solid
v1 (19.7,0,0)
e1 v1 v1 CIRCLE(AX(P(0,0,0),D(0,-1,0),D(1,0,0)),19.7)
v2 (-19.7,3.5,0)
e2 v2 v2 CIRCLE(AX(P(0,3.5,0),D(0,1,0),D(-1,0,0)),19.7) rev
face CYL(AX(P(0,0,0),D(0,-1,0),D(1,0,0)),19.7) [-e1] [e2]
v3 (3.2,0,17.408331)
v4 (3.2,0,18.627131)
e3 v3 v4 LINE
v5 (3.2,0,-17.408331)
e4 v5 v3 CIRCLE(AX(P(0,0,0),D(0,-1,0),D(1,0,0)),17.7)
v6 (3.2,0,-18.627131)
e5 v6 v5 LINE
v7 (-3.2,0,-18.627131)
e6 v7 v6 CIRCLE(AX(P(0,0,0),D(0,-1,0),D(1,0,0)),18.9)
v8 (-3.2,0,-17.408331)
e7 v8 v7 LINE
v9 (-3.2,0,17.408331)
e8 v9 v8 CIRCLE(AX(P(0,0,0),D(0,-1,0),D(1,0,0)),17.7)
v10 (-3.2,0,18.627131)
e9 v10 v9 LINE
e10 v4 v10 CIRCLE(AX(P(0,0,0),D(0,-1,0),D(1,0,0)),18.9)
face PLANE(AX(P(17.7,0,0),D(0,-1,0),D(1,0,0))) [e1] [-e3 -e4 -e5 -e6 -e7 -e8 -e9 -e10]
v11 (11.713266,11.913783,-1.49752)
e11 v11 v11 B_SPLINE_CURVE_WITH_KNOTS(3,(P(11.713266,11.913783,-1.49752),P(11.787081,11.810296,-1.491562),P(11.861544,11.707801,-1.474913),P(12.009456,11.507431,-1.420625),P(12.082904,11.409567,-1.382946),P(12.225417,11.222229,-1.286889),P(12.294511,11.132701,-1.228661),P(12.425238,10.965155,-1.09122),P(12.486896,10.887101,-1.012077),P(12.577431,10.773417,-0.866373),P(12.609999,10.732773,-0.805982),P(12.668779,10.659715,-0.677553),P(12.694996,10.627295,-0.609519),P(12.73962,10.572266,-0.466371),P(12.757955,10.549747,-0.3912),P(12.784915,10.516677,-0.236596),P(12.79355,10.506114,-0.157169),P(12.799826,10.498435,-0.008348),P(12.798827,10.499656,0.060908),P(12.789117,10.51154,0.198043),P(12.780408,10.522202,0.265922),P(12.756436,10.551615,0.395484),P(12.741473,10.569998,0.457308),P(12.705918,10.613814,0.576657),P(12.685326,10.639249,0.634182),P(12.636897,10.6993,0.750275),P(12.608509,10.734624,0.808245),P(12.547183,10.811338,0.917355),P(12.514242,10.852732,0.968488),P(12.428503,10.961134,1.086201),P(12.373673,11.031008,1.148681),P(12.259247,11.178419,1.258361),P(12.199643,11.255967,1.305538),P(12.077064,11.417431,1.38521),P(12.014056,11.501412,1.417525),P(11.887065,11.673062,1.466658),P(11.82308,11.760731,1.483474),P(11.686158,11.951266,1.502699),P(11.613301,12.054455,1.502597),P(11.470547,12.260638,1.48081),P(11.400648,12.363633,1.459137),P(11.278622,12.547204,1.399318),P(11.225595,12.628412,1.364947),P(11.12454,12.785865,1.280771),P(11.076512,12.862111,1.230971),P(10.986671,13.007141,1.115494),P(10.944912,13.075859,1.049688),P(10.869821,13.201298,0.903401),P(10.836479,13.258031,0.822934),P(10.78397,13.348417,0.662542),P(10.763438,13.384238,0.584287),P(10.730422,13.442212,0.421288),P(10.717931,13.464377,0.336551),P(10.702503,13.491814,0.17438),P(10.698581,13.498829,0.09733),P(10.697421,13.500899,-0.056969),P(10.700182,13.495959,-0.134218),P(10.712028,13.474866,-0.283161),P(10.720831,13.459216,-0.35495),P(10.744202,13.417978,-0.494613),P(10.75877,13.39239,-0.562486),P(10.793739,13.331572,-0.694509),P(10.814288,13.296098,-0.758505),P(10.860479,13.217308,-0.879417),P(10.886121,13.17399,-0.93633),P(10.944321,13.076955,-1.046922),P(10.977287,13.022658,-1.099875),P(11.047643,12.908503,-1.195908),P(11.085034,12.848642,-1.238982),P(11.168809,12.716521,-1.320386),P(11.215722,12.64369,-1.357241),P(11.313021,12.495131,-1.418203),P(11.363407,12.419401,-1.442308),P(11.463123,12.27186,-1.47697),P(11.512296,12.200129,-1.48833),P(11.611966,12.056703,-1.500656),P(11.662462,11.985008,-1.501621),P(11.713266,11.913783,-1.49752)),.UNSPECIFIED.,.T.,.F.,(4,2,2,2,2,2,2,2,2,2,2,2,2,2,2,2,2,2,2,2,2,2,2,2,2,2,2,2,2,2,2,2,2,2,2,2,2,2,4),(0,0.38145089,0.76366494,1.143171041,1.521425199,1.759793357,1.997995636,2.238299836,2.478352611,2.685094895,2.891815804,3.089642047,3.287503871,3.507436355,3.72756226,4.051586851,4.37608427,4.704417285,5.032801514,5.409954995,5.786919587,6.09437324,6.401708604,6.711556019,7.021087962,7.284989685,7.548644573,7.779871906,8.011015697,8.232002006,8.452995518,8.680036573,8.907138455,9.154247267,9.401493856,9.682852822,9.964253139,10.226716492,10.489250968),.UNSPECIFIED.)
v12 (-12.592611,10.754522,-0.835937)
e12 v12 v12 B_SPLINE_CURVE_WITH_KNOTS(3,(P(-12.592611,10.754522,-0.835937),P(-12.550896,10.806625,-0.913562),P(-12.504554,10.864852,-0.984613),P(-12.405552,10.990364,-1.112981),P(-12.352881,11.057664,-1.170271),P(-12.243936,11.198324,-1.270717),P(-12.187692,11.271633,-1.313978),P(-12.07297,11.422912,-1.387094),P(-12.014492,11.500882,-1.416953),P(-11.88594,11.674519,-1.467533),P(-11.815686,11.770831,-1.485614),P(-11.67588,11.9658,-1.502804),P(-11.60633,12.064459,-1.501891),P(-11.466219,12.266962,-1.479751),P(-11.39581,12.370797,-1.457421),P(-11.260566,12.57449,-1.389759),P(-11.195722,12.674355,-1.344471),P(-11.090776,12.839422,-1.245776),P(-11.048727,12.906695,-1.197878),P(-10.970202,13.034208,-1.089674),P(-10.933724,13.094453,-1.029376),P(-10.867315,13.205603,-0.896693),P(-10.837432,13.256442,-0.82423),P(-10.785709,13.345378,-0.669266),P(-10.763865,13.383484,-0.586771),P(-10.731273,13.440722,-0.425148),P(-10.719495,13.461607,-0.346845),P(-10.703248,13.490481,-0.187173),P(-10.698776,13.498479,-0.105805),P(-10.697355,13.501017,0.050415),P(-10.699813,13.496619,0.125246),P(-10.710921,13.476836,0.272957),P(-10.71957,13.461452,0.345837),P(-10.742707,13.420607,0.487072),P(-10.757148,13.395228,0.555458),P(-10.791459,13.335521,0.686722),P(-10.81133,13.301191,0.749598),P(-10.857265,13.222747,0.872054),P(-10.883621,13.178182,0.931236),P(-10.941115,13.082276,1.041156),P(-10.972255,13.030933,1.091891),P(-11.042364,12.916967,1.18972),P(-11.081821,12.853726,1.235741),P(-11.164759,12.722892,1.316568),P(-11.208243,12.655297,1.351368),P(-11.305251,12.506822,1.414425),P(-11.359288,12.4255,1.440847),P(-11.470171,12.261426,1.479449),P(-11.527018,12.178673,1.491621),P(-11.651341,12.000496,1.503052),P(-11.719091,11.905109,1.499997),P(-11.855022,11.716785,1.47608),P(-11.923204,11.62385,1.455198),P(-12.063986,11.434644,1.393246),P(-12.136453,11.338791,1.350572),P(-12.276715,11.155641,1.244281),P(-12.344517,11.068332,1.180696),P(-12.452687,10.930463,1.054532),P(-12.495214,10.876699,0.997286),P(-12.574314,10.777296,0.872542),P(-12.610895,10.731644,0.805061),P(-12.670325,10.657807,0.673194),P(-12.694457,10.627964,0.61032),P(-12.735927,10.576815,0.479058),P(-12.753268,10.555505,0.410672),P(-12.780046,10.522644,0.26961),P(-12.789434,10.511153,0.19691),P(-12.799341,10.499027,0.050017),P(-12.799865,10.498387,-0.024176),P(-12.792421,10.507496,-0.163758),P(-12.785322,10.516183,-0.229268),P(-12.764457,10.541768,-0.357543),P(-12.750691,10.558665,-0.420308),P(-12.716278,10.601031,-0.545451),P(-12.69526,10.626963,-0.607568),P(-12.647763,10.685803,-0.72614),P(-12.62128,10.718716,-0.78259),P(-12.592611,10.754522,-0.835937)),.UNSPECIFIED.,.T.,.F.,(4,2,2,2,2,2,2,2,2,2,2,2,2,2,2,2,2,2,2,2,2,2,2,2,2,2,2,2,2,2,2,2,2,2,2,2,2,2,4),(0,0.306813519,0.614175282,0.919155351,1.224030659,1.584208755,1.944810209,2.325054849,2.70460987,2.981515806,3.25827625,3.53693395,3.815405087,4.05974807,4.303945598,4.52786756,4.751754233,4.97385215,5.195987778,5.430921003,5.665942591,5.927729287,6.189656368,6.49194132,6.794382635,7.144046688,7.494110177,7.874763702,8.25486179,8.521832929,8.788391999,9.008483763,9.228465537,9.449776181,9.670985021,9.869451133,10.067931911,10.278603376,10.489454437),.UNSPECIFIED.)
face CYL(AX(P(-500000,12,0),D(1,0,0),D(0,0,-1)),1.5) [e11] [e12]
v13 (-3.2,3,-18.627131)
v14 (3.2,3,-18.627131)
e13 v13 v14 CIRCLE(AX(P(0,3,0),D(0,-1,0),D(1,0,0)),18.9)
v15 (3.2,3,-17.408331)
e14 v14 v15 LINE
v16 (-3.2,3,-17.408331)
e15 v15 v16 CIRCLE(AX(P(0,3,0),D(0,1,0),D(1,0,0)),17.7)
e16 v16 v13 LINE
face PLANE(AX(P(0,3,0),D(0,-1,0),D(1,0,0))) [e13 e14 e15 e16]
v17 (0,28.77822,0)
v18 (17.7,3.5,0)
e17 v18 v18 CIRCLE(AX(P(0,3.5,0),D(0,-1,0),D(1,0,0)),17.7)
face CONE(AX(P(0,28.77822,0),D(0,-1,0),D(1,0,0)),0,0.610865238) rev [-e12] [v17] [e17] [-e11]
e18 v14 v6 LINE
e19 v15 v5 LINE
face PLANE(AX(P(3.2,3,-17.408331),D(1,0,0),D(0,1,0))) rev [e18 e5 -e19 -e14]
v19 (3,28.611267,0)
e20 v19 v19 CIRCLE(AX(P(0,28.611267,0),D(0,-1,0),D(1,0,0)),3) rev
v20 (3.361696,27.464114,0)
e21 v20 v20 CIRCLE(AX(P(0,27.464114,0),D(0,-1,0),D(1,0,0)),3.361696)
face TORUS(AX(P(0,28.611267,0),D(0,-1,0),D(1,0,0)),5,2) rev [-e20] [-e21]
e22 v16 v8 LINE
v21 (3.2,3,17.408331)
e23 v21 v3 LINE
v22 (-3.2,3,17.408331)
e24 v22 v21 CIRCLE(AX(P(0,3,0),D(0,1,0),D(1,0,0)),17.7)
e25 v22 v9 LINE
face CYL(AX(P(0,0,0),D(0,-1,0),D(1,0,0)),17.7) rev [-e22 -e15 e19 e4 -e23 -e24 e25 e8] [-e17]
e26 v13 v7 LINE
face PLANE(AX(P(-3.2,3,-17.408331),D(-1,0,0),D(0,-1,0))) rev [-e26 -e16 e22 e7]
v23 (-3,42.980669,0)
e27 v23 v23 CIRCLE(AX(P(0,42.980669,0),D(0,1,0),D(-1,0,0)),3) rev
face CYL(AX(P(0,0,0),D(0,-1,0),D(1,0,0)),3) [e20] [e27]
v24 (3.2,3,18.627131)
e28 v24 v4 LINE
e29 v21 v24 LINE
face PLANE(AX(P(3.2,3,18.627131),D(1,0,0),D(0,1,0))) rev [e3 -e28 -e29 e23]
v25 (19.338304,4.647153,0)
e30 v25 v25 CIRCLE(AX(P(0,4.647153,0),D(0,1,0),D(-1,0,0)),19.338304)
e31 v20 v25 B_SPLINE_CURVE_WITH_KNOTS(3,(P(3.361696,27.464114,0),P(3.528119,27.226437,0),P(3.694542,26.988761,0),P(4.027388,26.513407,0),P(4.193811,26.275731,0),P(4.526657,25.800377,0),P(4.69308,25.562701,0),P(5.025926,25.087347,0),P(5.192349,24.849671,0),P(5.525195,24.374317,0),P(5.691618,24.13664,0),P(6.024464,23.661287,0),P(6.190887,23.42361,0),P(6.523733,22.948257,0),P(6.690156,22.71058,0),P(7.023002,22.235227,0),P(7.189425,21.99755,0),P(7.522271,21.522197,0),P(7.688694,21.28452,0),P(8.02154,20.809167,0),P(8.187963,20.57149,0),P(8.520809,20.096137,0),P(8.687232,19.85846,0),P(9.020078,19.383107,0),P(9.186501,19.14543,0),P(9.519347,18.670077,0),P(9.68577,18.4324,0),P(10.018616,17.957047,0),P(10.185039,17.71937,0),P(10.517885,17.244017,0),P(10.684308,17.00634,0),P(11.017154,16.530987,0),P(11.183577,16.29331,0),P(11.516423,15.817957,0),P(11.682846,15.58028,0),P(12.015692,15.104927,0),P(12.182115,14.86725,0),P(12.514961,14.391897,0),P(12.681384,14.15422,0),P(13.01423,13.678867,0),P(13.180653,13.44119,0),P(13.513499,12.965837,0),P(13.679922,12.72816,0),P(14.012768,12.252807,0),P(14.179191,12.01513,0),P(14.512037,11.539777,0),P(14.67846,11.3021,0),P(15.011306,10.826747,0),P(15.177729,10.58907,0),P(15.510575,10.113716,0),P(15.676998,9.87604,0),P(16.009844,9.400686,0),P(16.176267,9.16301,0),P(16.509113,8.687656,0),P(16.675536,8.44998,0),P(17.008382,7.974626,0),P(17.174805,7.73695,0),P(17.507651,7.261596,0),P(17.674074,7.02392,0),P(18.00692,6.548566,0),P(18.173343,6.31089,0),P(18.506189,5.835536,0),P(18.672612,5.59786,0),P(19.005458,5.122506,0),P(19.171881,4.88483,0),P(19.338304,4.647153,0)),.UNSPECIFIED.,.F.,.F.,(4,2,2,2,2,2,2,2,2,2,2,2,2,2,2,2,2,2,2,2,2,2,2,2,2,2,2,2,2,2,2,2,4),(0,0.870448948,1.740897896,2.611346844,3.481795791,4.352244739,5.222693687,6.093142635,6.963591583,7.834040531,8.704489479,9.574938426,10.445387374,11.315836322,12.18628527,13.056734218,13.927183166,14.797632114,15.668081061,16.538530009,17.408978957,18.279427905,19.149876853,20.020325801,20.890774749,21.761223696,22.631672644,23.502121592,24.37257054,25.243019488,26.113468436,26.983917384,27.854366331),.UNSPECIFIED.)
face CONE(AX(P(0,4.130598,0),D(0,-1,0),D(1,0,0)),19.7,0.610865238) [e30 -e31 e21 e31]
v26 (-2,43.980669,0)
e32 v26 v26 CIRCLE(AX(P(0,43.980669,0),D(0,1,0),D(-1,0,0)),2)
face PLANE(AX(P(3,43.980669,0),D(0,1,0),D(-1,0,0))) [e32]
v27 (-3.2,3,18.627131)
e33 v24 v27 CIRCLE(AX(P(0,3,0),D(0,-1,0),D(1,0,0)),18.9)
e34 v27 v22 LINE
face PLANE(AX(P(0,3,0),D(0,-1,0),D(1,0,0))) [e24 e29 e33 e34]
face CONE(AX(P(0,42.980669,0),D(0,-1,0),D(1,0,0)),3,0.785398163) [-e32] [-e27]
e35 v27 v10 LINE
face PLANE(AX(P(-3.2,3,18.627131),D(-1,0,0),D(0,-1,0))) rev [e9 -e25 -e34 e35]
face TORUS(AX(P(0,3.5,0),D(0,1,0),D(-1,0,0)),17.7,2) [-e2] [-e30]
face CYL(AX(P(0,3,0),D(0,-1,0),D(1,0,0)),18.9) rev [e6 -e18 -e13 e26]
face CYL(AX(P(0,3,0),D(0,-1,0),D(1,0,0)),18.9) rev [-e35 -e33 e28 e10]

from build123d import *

# Parameters (mm, degrees)
FILLET1_R                       = 2
BOSS_EXTRUDE1_REACH             = 54.062
SKETCH2_R                       = 1.5
BOSS_EXTRUDE1_DIRECTION_2_REACH = 54.062
CHAMFER1_SIZE                   = 1
CUT_EXTRUDE1_START              = -3
CUT_EXTRUDE1_DEPTH              = 3


with BuildPart() as part:
    # Sketch1 → Revolve1 (revolve)
    with BuildSketch(Plane.XY):
        Polygon((17.7, 0), (17.7, 3.5), (0, 28.778219719), (0, 43.98066929), (3, 43.98066929), (3, 27.98066929), (19.7, 4.130597578), (19.7, 0), align=None)
    revolve(axis=Axis((0, 0, 0), (0, 1, 0)))

    # Fillet1
    fillet1_edges = [part.edges().sort_by_distance(p)[0] for p in [
        (-3, 27.98066929, 0),
        (-19.7, 4.130597578, 0),
    ]]
    fillet(fillet1_edges, radius=FILLET1_R)

    # Boss-Extrude1: up to this cone (the profile starts inside it)
    boss_extrude1_end = Plane(origin=(0, 12, 0), z_dir=(0, -1, 0)).offset(-16.778218719) * Cone(1e-06, 58.179162981, 83.088454645, align=(Align.CENTER, Align.CENTER, Align.MIN), mode=Mode.PRIVATE)
    # Sketch2 → Boss-Extrude1 (add, up to the surface)
    with BuildSketch(Plane(origin=(0, 0, 0), x_dir=(0, 0, -1), z_dir=(1, 0, 0)), mode=Mode.PRIVATE) as boss_extrude1_sk1:
        with Locations(Location((0, 12, 0), (0, 0, 356.704943747))):
            Circle(SKETCH2_R)
    boss_extrude1_tool1 = extrude(boss_extrude1_sk1.sketch, amount=BOSS_EXTRUDE1_REACH, mode=Mode.PRIVATE) & boss_extrude1_end
    add(boss_extrude1_tool1.solids().sort_by_distance((0, 12, 0))[0])

    # Boss-Extrude1 direction 2: up to this cone (the profile starts inside it)
    boss_extrude1_direction_2_end = Plane(origin=(0, 12, 0), z_dir=(0, -1, 0)).offset(-16.778218719) * Cone(1e-06, 58.179162981, 83.088454645, align=(Align.CENTER, Align.CENTER, Align.MIN), mode=Mode.PRIVATE)
    # Sketch2 → Boss-Extrude1 direction 2 (add, up to the surface)
    with BuildSketch(Plane(origin=(0, 0, 0), x_dir=(0, 0, -1), z_dir=(1, 0, 0)), mode=Mode.PRIVATE) as boss_extrude1_direction_2_sk1:
        with Locations(Location((0, 12, 0), (0, 0, 356.704943747))):
            Circle(SKETCH2_R)
    boss_extrude1_direction_2_tool1 = extrude(boss_extrude1_direction_2_sk1.sketch, amount=-BOSS_EXTRUDE1_DIRECTION_2_REACH, mode=Mode.PRIVATE) & boss_extrude1_direction_2_end
    add(boss_extrude1_direction_2_tool1.solids().sort_by_distance((0, 12, 0))[0])

    # Chamfer1
    chamfer1_edges = [part.edges().sort_by_distance(p)[0] for p in [
        (-3, 43.98066929, 0),
    ]]
    chamfer(chamfer1_edges, length=CHAMFER1_SIZE)

    # Sketch3 → Cut-Extrude1 (cut)
    with BuildSketch(Plane.XZ.offset(CUT_EXTRUDE1_START)):
        with BuildLine():
            Line((-3.2, 18.627130751), (-3.2, 17.408331339))
            ThreePointArc((-3.2, 17.408331339), (0, 17.7), (3.2, 17.408331339))
            Line((3.2, 17.408331339), (3.2, 18.627130751))
            ThreePointArc((3.2, 18.627130751), (0, 18.9), (-3.2, 18.627130751))
        make_face()
        with BuildLine():
            Line((3.2, -17.408331339), (3.2, -18.627130751))
            ThreePointArc((3.2, -18.627130751), (0, -18.9), (-3.2, -18.627130751))
            Line((-3.2, -18.627130751), (-3.2, -17.408331339))
            ThreePointArc((-3.2, -17.408331339), (0, -17.7), (3.2, -17.408331339))
        make_face()
    extrude(amount=CUT_EXTRUDE1_DEPTH, mode=Mode.SUBTRACT)


solid = part.part
